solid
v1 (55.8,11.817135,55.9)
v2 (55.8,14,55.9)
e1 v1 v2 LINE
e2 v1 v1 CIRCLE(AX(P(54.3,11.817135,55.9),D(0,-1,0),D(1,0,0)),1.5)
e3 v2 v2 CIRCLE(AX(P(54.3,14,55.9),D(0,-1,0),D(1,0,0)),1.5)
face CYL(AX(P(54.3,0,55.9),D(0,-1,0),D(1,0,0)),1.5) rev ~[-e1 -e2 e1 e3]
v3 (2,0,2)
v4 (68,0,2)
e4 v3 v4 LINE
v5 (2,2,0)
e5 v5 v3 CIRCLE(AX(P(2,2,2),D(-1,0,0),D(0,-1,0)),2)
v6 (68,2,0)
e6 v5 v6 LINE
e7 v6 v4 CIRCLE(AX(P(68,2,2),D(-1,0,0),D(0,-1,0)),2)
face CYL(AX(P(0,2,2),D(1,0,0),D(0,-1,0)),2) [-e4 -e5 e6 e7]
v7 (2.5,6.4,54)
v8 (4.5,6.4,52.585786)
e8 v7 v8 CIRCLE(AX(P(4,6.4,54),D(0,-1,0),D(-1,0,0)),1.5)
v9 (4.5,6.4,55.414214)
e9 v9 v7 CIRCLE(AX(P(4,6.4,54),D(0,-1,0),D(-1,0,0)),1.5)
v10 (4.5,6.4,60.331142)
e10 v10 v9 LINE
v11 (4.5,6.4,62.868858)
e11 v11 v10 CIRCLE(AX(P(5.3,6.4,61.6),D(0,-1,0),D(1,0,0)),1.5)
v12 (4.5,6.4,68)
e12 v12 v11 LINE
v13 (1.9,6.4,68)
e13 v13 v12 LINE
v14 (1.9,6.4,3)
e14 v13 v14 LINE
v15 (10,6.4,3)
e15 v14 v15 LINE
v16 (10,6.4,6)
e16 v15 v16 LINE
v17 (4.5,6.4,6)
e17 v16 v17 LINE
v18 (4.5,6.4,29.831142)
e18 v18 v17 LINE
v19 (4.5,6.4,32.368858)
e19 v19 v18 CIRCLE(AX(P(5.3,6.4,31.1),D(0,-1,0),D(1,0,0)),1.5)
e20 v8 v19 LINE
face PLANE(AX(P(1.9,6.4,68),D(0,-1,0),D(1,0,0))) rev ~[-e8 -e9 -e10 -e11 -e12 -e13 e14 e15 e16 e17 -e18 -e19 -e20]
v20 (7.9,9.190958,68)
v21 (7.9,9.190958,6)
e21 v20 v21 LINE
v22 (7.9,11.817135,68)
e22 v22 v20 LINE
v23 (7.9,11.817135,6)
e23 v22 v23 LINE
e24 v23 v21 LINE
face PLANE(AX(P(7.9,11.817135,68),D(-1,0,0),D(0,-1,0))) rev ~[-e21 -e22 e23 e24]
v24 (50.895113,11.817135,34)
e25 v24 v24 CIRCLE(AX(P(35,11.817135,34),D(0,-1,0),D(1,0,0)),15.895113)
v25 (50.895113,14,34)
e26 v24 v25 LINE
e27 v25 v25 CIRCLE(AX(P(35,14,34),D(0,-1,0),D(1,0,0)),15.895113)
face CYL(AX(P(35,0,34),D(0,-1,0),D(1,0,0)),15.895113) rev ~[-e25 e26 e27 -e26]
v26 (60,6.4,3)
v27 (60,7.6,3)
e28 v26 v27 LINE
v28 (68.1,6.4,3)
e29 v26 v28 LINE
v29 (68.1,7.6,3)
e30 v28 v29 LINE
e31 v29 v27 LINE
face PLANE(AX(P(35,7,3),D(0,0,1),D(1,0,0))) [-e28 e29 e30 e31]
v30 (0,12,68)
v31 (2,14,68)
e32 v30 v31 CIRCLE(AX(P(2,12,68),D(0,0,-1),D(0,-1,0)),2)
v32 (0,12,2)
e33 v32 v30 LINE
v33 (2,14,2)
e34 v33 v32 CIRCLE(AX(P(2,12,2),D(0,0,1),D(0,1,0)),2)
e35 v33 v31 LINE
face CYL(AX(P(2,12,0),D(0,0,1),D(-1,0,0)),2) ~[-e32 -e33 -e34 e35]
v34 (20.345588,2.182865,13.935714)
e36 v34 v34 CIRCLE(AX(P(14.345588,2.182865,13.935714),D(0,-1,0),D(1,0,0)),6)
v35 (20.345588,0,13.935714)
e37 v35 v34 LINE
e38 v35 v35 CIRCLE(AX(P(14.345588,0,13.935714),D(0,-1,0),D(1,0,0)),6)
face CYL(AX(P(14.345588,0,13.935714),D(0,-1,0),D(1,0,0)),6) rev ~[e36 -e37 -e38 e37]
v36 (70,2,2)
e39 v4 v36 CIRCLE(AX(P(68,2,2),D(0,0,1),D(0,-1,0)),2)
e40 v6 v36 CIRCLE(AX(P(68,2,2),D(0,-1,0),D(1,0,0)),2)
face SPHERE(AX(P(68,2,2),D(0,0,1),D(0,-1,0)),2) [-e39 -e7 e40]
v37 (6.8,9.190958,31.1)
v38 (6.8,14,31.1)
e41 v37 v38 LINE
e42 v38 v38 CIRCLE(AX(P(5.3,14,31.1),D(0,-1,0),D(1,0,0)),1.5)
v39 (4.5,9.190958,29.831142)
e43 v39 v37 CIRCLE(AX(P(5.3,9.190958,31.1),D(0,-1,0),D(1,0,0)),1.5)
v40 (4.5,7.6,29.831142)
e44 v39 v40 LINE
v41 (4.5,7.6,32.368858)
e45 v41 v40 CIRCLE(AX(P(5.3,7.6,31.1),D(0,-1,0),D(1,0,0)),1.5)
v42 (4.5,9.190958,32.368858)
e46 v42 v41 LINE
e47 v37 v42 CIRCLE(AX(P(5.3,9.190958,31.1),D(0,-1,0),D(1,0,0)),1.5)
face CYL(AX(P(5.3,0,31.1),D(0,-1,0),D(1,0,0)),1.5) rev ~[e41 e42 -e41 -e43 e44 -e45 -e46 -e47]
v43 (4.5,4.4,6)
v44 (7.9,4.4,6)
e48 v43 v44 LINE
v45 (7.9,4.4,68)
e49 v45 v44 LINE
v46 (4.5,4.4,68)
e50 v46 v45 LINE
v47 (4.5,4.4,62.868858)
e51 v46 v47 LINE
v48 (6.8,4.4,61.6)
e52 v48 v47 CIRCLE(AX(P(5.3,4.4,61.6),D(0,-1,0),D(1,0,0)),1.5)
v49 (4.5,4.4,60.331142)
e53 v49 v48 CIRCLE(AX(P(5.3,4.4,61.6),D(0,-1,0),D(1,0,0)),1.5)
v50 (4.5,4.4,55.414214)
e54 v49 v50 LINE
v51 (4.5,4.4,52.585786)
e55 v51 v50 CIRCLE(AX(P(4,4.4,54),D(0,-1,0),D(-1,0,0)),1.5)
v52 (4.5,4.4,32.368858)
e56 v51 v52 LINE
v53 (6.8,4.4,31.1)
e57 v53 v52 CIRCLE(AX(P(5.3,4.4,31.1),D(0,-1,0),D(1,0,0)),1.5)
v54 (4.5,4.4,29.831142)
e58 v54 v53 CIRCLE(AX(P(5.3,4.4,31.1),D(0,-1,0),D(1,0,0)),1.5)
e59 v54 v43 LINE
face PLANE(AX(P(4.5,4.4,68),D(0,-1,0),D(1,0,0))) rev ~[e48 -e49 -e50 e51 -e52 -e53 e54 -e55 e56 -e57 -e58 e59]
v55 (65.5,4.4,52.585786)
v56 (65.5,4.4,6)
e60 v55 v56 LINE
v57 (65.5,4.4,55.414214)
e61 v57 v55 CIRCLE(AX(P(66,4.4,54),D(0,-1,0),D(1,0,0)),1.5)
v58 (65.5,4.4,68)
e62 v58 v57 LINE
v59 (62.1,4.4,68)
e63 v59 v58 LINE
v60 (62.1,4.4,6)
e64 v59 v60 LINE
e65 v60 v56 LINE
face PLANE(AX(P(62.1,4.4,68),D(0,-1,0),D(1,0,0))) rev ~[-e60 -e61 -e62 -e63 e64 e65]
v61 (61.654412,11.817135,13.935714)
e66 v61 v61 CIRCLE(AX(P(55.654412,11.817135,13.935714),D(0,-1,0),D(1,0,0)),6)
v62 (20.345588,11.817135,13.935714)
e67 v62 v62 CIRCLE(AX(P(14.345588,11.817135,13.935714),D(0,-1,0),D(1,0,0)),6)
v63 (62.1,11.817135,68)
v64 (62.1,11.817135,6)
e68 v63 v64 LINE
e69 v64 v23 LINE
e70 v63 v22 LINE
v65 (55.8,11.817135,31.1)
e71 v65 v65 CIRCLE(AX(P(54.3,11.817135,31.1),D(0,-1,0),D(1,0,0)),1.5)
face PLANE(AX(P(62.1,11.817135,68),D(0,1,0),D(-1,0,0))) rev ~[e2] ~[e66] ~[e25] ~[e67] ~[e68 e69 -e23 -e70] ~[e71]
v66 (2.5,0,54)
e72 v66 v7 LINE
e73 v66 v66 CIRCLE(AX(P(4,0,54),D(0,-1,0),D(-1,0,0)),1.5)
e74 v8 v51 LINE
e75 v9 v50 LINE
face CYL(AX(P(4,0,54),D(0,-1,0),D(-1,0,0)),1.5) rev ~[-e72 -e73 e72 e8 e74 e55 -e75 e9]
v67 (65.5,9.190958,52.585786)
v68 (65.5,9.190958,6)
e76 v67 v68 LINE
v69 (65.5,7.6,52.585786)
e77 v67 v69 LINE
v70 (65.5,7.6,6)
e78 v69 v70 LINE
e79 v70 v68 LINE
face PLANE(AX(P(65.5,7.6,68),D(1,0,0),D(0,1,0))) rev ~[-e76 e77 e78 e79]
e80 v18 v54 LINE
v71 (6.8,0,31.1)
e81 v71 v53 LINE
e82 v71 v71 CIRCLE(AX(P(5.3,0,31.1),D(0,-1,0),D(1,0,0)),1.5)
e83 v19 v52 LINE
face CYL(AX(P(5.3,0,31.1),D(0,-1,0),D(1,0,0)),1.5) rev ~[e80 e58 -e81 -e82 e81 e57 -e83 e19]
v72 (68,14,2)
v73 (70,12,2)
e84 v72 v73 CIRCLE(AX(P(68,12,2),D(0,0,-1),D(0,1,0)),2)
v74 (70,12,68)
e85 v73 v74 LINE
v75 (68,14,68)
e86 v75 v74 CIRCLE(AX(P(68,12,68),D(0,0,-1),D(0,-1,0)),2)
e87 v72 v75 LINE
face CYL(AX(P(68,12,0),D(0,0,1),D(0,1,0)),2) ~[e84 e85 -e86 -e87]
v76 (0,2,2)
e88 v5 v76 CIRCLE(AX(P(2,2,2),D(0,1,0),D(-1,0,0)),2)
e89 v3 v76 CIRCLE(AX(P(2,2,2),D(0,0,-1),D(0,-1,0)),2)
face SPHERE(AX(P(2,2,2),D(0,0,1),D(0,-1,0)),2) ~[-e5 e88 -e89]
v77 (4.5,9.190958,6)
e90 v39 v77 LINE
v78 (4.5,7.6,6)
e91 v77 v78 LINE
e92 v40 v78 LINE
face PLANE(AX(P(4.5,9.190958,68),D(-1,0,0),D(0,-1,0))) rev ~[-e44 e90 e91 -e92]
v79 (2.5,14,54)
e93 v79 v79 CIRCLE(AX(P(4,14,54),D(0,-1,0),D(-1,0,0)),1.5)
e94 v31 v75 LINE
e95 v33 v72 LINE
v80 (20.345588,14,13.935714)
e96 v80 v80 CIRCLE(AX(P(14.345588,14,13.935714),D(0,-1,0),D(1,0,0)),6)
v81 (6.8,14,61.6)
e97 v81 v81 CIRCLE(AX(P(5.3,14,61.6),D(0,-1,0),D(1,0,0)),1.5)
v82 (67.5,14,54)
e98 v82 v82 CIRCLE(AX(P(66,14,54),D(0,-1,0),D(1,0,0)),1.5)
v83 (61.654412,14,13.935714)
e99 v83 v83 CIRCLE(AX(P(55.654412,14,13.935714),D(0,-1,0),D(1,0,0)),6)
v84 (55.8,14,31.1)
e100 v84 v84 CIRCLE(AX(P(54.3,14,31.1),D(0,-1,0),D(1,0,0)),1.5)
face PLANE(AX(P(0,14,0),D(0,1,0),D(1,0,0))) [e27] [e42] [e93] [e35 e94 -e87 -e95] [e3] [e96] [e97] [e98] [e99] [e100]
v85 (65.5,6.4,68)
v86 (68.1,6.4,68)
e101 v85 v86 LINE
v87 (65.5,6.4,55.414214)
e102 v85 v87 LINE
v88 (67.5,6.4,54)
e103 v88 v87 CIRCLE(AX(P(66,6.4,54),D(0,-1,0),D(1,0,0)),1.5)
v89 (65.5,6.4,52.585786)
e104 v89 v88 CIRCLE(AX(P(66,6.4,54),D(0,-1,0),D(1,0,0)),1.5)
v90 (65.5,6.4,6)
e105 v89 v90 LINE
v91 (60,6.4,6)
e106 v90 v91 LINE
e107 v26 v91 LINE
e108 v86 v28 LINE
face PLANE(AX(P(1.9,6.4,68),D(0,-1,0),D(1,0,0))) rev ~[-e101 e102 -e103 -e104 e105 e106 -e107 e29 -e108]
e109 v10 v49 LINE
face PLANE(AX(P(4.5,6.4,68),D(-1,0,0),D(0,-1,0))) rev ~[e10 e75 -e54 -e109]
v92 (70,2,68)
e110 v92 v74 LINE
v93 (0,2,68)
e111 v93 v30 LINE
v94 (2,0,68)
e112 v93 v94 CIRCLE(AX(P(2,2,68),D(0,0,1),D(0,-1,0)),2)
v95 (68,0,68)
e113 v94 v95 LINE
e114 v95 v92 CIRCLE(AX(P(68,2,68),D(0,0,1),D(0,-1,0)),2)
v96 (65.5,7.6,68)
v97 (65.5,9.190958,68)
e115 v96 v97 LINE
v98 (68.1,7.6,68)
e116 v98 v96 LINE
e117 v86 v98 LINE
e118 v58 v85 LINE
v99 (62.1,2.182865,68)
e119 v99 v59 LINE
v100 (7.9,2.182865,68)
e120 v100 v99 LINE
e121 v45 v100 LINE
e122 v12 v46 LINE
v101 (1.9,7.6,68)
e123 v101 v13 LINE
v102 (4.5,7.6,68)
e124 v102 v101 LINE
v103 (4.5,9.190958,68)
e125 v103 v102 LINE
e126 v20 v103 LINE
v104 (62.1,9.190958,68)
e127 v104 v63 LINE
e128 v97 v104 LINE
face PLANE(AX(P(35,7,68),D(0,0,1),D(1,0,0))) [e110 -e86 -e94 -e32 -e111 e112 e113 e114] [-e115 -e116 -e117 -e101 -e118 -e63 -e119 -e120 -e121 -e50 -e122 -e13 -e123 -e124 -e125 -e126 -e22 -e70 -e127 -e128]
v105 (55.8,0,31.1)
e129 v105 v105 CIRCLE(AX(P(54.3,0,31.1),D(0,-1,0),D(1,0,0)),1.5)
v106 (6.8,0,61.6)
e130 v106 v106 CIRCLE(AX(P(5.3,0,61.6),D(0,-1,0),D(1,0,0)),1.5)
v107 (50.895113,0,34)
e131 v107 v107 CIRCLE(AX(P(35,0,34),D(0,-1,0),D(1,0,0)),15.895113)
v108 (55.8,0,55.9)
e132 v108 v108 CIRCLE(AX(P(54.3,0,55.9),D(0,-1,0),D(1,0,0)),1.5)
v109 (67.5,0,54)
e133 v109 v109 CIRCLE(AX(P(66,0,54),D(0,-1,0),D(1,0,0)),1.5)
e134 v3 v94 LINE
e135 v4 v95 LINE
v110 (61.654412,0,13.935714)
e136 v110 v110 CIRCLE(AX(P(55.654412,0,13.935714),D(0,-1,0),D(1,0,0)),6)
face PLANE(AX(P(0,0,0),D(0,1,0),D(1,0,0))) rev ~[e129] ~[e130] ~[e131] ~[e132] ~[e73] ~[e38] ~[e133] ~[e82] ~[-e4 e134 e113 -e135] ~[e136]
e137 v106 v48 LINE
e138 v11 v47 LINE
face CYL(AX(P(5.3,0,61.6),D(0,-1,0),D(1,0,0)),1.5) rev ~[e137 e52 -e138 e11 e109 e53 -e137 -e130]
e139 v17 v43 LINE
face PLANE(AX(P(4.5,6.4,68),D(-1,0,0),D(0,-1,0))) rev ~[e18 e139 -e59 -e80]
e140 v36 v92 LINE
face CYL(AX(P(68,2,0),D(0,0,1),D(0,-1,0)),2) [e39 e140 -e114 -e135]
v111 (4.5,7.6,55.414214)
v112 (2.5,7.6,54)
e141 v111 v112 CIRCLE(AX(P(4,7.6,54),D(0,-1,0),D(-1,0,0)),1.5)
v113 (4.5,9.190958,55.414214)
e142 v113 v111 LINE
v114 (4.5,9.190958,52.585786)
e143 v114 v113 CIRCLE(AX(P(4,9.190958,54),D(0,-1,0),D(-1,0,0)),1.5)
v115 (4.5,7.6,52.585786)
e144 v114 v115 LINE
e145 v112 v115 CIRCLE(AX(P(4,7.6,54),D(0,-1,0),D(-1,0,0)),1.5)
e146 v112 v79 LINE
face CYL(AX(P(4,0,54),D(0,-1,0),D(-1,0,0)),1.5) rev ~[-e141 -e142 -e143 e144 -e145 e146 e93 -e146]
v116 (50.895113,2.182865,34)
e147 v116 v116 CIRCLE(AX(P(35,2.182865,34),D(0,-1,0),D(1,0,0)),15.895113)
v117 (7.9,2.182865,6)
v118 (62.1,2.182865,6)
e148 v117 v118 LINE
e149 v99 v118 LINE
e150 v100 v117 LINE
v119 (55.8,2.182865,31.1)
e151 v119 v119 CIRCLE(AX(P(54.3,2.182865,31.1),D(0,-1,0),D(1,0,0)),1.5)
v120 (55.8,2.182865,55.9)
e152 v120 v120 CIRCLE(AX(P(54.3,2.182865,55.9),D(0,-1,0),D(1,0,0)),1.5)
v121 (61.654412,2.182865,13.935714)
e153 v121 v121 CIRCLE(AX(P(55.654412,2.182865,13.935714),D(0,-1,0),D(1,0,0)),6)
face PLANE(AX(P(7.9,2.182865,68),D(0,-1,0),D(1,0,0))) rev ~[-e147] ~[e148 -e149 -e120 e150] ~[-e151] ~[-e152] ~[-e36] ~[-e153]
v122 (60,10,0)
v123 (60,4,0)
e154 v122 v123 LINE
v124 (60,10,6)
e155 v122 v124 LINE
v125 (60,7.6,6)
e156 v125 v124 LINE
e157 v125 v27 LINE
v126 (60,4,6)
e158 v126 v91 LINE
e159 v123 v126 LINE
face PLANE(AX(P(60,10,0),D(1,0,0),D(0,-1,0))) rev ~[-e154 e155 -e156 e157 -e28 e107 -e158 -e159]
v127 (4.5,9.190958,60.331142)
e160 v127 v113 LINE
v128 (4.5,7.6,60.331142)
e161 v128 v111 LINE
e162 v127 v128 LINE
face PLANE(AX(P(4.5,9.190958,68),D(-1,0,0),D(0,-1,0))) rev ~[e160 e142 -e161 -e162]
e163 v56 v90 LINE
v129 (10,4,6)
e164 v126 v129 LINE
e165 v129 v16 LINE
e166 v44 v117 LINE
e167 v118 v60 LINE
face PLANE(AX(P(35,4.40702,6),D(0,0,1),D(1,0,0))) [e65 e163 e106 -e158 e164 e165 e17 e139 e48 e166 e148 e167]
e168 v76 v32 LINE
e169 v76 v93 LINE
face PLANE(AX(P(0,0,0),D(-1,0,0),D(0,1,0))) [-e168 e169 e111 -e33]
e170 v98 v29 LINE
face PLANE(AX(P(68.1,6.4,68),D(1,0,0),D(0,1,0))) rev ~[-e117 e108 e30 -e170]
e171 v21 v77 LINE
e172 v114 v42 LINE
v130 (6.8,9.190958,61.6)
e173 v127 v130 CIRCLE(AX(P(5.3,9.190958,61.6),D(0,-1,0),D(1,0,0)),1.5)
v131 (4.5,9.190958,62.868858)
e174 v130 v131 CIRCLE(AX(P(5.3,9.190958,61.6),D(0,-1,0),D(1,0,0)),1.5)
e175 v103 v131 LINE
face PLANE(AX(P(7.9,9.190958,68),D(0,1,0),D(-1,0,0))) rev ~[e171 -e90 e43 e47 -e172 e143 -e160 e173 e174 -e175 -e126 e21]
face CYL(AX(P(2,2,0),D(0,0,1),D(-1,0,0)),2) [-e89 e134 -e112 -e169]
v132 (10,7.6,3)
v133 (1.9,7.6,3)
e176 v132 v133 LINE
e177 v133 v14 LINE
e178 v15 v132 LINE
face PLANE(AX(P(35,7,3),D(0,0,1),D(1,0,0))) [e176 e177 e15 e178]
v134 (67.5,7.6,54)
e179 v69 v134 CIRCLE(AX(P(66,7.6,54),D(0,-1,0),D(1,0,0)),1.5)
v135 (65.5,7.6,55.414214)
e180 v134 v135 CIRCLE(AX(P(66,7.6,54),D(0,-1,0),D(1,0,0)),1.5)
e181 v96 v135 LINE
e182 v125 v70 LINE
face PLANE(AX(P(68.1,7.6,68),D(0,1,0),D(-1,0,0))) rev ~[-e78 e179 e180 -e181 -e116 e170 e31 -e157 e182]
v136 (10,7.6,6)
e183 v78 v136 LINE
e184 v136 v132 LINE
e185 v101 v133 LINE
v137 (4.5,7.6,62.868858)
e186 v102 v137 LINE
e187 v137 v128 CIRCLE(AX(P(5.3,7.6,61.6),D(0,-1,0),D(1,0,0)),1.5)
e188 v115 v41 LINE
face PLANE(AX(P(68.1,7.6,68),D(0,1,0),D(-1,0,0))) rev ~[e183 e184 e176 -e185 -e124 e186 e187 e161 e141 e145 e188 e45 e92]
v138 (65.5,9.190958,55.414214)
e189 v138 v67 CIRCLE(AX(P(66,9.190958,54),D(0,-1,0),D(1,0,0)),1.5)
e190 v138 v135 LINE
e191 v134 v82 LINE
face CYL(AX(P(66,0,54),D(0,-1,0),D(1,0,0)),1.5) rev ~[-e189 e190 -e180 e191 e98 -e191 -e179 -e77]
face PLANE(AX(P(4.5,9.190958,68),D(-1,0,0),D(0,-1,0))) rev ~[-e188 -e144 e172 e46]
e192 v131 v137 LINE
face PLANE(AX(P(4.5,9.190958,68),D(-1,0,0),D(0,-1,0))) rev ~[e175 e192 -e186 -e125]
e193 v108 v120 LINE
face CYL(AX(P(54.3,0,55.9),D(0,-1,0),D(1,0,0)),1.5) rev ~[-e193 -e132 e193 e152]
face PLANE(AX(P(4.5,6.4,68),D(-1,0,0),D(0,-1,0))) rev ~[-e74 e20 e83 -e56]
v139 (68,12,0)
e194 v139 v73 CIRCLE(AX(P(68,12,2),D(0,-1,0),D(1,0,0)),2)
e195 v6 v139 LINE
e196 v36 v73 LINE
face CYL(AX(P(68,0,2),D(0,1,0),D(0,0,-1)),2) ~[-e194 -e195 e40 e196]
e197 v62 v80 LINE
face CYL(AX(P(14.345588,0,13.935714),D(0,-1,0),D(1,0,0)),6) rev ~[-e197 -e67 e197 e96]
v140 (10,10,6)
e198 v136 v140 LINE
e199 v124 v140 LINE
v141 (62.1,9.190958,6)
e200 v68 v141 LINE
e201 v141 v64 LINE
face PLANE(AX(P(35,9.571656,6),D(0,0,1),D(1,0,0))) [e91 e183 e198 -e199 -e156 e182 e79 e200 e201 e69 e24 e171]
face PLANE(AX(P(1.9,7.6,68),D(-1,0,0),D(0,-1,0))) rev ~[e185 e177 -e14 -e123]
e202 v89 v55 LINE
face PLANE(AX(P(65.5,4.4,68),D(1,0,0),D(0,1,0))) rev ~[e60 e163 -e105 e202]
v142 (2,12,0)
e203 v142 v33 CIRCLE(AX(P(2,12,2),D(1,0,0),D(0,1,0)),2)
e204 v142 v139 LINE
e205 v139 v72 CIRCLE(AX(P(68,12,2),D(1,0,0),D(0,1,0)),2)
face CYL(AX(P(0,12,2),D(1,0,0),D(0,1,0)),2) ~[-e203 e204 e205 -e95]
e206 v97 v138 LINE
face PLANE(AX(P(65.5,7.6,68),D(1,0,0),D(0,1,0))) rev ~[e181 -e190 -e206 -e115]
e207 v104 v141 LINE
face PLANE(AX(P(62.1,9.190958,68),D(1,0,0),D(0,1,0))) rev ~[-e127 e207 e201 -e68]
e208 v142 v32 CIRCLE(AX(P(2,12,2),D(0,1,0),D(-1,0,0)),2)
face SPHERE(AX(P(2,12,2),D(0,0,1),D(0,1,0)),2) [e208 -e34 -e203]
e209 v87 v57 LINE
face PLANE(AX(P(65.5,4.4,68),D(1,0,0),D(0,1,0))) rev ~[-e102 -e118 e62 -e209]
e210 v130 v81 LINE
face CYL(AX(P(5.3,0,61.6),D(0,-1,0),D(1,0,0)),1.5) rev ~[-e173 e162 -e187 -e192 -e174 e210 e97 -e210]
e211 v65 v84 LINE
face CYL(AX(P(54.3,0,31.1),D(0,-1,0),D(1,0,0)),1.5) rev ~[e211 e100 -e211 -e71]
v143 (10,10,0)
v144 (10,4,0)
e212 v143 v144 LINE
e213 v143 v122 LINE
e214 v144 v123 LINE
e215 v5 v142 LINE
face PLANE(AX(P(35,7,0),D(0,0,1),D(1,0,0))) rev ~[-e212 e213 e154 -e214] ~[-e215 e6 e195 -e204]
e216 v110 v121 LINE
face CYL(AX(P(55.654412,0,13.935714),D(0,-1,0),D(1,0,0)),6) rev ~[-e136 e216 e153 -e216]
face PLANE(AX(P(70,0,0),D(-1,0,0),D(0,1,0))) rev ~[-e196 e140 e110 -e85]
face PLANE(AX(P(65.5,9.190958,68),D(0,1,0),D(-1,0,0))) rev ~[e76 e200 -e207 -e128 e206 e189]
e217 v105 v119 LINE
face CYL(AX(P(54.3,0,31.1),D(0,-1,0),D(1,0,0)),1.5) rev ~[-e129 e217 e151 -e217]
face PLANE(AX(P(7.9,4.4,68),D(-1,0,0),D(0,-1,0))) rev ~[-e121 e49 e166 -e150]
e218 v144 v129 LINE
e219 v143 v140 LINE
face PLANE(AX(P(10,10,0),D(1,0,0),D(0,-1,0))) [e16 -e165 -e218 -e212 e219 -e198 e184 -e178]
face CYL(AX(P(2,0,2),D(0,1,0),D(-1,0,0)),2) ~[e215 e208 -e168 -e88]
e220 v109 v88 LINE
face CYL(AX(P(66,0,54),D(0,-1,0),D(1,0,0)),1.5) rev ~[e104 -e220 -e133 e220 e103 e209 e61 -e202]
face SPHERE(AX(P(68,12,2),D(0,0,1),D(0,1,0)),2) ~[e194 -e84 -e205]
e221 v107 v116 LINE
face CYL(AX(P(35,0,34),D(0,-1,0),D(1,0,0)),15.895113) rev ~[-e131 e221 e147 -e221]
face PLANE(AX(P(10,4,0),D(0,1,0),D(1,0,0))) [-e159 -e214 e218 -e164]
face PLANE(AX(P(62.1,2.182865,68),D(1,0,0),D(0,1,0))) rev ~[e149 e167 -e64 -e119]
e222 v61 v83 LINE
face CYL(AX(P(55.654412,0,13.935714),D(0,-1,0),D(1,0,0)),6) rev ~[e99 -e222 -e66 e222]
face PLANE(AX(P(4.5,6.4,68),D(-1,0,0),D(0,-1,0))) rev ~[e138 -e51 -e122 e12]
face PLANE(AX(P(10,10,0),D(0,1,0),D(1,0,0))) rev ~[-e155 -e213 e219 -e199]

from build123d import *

# Parameters (mm, degrees)
F0_W     = 70
F0_H     = 14
F1_DEPTH = 68
F3_R     = 1.5
F3_R_2   = 15.895113
F3_R_3   = 6
F4_DEPTH = 14
F5_DEPTH = 65
F6_DEPTH = 62
F7_R     = 2
F8_W     = 50
F8_H     = 6
F9_DEPTH = 10


with BuildPart() as f1:
    # F0 (on Top) → F1 (new body)
    with BuildSketch(Plane.XY):
        with Locations((35, 7)):
            Rectangle(F0_W, F0_H)
    extrude(amount=F1_DEPTH)

    # F3 (on face) → F4 (cut)
    with BuildSketch(Plane.XZ):
        with Locations((5.3, 61.6)):
            Circle(F3_R)
        with BuildLine():
            ThreePointArc((5.5, 54), (4, 55.5), (2.5, 54))
            ThreePointArc((2.5, 54), (4, 52.5), (5.5, 54))
        make_face()
        with Locations((5.3, 31.1)):
            Circle(F3_R)
        with Locations((54.3, 31.1)):
            Circle(F3_R)
        with Locations((54.3, 55.9)):
            Circle(F3_R)
        with Locations((66, 54)):
            Circle(F3_R)
        with Locations((35, 34)):
            Circle(F3_R_2)
        with Locations((14.345588, 13.935714)):
            Circle(F3_R_3)
        with Locations((55.654412, 13.935714)):
            Circle(F3_R_3)
    extrude(amount=-F4_DEPTH, mode=Mode.SUBTRACT)

    # F2 (on face) → F5 (cut)
    with BuildSketch(Plane.XY.offset(68)):
        Polygon((65.5, 6.4), (68.1, 6.4), (68.1, 7.6), (65.5, 7.6), (4.5, 7.6), (1.9, 7.6), (1.9, 6.4), (4.5, 6.4), align=None)
    extrude(amount=-F5_DEPTH, mode=Mode.SUBTRACT)

    # F2 (on face) → F6 (cut)
    with BuildSketch(Plane.XY.offset(68)):
        Polygon((4.5, 7.6), (65.5, 7.6), (65.5, 9.190958), (62.1, 9.190958), (62.1, 11.817135), (7.9, 11.817135), (7.9, 9.190958), (4.5, 9.190958), align=None)
        Polygon((65.5, 4.4), (65.5, 6.4), (4.5, 6.4), (4.5, 4.4), (7.9, 4.4), (7.9, 2.182865), (62.1, 2.182865), (62.1, 4.4), align=None)
    extrude(amount=-F6_DEPTH, mode=Mode.SUBTRACT)

    # F7
    f7_edges = [f1.edges().sort_by_distance(p)[0] for p in [
        (0, 0, 34),
        (0, 14, 34),
        (70, 0, 34),
        (70, 14, 34),
        (35, 0, 0),
        (35, 14, 0),
        (0, 7, 0),
        (70, 7, 0),
    ]]
    fillet(f7_edges, radius=F7_R)

    # F8 (on face) → F9 (cut)
    with BuildSketch(Plane(origin=(0, 0, 0), x_dir=(1, 0, 0), z_dir=(0, 0, -1))):
        with Locations((35, -7)):
            Rectangle(F8_W, F8_H)
    extrude(amount=-F9_DEPTH, mode=Mode.SUBTRACT)


solid = f1.part
